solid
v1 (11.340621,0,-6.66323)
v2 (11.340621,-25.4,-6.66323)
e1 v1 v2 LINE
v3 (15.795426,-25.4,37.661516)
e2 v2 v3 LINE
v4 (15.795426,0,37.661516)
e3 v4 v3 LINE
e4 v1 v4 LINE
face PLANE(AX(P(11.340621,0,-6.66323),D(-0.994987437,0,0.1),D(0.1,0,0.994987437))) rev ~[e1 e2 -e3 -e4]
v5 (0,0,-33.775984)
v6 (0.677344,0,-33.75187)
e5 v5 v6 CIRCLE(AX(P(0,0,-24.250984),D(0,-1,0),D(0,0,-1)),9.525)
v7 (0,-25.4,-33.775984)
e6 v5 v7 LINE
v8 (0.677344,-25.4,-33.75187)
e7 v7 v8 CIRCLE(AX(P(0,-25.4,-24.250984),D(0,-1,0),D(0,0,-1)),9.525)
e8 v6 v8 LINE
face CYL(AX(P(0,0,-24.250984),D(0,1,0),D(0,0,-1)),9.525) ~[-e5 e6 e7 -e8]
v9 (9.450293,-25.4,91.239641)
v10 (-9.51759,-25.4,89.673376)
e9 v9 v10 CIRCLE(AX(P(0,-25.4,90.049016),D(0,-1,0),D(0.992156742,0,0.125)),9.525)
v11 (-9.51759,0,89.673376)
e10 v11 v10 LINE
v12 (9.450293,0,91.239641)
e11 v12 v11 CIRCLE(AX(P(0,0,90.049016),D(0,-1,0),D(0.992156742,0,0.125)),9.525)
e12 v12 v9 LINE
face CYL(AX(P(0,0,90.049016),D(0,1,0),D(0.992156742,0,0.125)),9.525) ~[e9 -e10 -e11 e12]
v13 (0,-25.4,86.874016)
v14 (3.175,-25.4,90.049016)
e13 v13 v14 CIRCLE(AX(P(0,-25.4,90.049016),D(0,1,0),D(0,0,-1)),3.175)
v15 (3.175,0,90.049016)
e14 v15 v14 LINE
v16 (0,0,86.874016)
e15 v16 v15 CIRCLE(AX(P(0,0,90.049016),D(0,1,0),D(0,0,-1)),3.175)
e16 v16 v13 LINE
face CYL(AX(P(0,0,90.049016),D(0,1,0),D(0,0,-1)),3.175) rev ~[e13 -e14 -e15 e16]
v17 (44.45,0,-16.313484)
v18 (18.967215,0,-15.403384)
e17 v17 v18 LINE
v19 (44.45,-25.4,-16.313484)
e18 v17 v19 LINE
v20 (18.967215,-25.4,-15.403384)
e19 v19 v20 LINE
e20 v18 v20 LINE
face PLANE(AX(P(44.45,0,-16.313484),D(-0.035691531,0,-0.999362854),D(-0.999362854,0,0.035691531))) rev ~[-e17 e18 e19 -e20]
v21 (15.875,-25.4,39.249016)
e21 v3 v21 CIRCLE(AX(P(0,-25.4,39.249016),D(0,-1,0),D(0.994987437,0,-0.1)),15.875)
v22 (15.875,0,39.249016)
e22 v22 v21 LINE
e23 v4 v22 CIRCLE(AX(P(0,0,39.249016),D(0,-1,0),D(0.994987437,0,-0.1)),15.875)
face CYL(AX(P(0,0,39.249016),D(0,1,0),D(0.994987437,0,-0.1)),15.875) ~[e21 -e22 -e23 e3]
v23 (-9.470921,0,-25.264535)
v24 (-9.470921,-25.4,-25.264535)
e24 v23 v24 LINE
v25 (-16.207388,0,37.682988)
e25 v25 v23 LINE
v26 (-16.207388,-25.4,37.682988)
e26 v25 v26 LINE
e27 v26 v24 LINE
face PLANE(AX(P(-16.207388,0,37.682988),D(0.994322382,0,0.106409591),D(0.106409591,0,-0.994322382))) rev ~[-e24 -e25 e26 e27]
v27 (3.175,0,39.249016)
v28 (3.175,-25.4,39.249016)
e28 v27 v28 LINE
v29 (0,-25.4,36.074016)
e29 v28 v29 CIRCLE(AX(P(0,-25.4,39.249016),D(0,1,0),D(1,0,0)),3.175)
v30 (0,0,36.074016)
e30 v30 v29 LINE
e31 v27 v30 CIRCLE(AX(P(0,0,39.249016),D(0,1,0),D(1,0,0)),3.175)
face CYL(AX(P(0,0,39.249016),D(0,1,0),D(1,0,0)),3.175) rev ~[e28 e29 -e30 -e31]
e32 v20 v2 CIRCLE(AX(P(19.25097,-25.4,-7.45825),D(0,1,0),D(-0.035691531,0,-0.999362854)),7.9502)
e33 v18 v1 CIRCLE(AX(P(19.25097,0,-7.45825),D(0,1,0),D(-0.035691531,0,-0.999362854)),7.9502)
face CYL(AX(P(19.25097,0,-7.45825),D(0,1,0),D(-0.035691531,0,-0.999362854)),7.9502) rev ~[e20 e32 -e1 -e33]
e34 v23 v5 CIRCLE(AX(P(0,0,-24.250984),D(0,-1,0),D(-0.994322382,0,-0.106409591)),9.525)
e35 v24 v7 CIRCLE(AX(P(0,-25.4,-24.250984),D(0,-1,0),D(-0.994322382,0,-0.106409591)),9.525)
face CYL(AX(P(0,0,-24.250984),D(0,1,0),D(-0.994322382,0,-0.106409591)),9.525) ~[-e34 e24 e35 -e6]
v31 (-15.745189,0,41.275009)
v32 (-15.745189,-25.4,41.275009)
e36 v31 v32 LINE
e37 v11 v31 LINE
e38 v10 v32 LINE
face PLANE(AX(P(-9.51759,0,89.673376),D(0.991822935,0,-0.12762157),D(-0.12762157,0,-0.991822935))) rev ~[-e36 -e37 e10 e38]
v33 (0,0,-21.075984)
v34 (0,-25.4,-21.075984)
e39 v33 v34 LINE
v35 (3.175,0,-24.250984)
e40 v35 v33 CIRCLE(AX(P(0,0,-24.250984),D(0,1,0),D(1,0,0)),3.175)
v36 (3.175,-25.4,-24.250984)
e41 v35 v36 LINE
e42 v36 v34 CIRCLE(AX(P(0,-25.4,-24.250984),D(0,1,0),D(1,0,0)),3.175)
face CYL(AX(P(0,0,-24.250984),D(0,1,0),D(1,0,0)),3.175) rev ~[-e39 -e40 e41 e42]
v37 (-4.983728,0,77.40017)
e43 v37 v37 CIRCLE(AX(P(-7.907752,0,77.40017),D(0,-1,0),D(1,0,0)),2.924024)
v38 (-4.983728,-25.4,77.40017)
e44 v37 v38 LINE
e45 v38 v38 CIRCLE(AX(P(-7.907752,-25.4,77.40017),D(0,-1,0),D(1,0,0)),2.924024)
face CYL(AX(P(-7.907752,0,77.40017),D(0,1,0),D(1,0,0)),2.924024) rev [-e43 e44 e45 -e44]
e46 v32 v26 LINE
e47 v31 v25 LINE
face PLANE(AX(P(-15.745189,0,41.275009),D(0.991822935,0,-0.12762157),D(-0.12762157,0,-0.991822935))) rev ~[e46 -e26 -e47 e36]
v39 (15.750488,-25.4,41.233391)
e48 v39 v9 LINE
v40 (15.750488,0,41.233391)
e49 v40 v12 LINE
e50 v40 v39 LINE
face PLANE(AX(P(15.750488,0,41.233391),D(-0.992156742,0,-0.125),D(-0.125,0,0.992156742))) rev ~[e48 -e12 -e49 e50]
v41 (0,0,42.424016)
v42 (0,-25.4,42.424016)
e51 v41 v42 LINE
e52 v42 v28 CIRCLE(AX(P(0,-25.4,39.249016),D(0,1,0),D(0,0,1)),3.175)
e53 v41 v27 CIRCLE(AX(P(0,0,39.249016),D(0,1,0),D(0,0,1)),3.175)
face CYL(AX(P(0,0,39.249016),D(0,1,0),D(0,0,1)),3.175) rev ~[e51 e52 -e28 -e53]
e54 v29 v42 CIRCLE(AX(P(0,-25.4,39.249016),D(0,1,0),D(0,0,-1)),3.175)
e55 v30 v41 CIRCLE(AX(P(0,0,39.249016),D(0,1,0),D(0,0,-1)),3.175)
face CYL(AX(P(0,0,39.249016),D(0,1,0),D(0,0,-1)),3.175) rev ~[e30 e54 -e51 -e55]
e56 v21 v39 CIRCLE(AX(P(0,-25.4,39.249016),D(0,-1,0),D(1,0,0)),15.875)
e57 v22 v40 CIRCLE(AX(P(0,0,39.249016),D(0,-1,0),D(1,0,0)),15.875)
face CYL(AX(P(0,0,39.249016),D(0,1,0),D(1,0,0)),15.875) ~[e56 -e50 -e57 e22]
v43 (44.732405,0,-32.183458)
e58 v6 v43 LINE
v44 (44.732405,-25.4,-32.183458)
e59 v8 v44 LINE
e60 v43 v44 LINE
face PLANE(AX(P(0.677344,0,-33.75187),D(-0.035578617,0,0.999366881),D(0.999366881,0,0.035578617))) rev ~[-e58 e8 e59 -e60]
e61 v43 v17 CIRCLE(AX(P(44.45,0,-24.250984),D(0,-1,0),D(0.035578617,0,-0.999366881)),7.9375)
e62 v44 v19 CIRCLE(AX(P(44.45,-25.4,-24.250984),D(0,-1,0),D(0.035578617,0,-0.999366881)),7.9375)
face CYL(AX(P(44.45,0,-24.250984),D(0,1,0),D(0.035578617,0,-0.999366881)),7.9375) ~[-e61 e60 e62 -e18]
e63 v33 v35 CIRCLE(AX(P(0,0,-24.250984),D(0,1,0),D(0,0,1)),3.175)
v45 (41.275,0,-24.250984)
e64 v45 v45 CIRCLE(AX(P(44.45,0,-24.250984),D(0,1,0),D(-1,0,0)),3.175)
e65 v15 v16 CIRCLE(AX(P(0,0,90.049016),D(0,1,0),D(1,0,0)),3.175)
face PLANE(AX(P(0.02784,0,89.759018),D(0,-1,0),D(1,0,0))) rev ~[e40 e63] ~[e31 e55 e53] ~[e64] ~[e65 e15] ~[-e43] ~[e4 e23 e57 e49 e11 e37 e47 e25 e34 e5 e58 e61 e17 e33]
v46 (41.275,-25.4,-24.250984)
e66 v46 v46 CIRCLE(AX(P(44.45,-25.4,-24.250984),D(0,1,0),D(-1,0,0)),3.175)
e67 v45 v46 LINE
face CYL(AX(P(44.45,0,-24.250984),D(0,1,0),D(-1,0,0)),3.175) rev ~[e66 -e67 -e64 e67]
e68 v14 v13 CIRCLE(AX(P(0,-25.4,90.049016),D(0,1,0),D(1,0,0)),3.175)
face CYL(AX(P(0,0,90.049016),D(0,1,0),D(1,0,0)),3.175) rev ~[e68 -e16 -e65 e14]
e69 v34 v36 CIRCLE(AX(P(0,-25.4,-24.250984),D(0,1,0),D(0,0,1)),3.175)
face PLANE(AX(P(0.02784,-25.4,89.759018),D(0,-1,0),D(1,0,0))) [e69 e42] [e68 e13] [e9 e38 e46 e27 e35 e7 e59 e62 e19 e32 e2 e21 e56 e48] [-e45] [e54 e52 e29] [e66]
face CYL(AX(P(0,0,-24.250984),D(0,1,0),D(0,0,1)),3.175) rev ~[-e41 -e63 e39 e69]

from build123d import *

# Parameters (mm, degrees)
F0_R     = 2.9240242171
F1_DEPTH = 25.4


with BuildPart() as f1:
    # F0 (on Front) → F1 (new body)
    with BuildSketch(Plane.XZ):
        with BuildLine():
            ThreePointArc((-9.5175899986, 89.6733759373), (-6.601047317, 83.1822994355), (0, 80.5240162142))
            ThreePointArc((0, 80.5240162142), (6.7351920908, 83.3138241234), (9.525, 90.0490162142))
            ThreePointArc((9.525, 90.0490162142), (9.5063048942, 90.6454994562), (9.4502929642, 91.2396412142))
            ThreePointArc((9.4502929642, 91.2396412142), (-0.7838551857, 99.5417079319), (-9.5175899986, 89.6733759373))
        make_face()
        with BuildLine():
            ThreePointArc((3.175, 90.0490162142), (2.2450640303, 87.8039521839), (0, 86.8740162142))
            ThreePointArc((0, 86.8740162142), (-2.2450640303, 92.2940802445), (3.175, 90.0490162142))
        make_face(mode=Mode.SUBTRACT)
        with BuildLine():
            ThreePointArc((9.525, 90.0490162142), (6.7351920908, 83.3138241234), (0, 80.5240162142))
            Line((0, 80.5240162142), (0, 55.1240162142))
            ThreePointArc((0, 55.1240162142), (10.5003255158, 51.1552662142), (15.7504882737, 41.2333912142))
            Line((15.7504882737, 41.2333912142), (9.4502929642, 91.2396412142))
            ThreePointArc((9.4502929642, 91.2396412142), (9.5063048942, 90.6454994562), (9.525, 90.0490162142))
        make_face()
        with BuildLine():
            Line((0, 55.1240162142), (0, 80.5240162142))
            ThreePointArc((0, 80.5240162142), (-6.601047317, 83.1822994355), (-9.5175899986, 89.6733759373))
            Line((-9.5175899986, 89.6733759373), (-15.7451890335, 41.2750091314))
            ThreePointArc((-15.7451890335, 41.2750091314), (-10.4845836217, 51.1691307808), (0, 55.1240162142))
        make_face()
        with Locations((-7.9077519476, 77.4001702666)):
            Circle(F0_R, mode=Mode.SUBTRACT)
        with BuildLine():
            ThreePointArc((15.7504882737, 41.2333912142), (10.5003255158, 51.1552662142), (0, 55.1240162142))
            Line((0, 55.1240162142), (0, 42.4240162142))
            ThreePointArc((0, 42.4240162142), (2.2450640303, 41.4940802445), (3.175, 39.2490162142))
            ThreePointArc((3.175, 39.2490162142), (2.2450640303, 37.0039521839), (0, 36.0740162142))
            Line((0, 36.0740162142), (0, 23.3740162142))
            ThreePointArc((0, 23.3740162142), (10.6492737428, 27.4758011159), (15.7954255641, 37.6615162142))
            ThreePointArc((15.7954255641, 37.6615162142), (15.8550939106, 38.4542696601), (15.875, 39.2490162142))
            ThreePointArc((15.875, 39.2490162142), (15.8438414904, 40.2431549508), (15.7504882737, 41.2333912142))
        make_face()
        with BuildLine():
            Line((0, 42.4240162142), (0, 55.1240162142))
            ThreePointArc((0, 55.1240162142), (-10.4845836217, 51.1691307808), (-15.7451890335, 41.2750091314))
            ThreePointArc((-15.7451890335, 41.2750091314), (-11.9201145666, 28.7644325925), (0, 23.3740162142))
            Line((0, 23.3740162142), (0, 36.0740162142))
            ThreePointArc((0, 36.0740162142), (-3.175, 39.2490162142), (0, 42.4240162142))
        make_face()
        with BuildLine():
            ThreePointArc((0, 23.3740162142), (-11.9201145666, 28.7644325925), (-15.7451890335, 41.2750091314))
            Line((-15.7451890335, 41.2750091314), (-16.2073878987, 37.6829875368))
            Line((-16.2073878987, 37.6829875368), (-9.4709206869, -25.2645351372))
            ThreePointArc((-9.4709206869, -25.2645351372), (-7.0844795723, -17.8842126898), (0, -14.7259837858))
            Line((0, -14.7259837858), (0, 23.3740162142))
        make_face()
        with BuildLine():
            ThreePointArc((15.7954255641, 37.6615162142), (10.6492737428, 27.4758011159), (0, 23.3740162142))
            Line((0, 23.3740162142), (0, -14.7259837858))
            ThreePointArc((0, -14.7259837858), (6.7351920908, -17.515791695), (9.525, -24.2509837858))
            Line((9.525, -24.2509837858), (36.5125, -24.2509837858))
            ThreePointArc((36.5125, -24.2509837858), (38.8373399243, -18.6383237101), (44.45, -16.3134837858))
            Line((44.45, -16.3134837858), (18.9672152943, -15.403384332))
            ThreePointArc((18.9672152943, -15.403384332), (13.2606937919, -12.6853206287), (11.3406209777, -6.6632297674))
            Line((11.3406209777, -6.6632297674), (15.7954255641, 37.6615162142))
        make_face()
        with BuildLine():
            Line((0, -21.0759837858), (0, -14.7259837858))
            ThreePointArc((0, -14.7259837858), (-7.0844795723, -17.8842126898), (-9.4709206869, -25.2645351372))
            ThreePointArc((-9.4709206869, -25.2645351372), (-6.366771096, -31.3354633582), (0, -33.7759837858))
            Line((0, -33.7759837858), (0.6773435479, -33.7518695718))
            ThreePointArc((0.6773435479, -33.7518695718), (6.9705567315, -30.7422828741), (9.525, -24.2509837858))
            Line((9.525, -24.2509837858), (3.175, -24.2509837858))
            ThreePointArc((3.175, -24.2509837858), (-2.2450640303, -26.4960478161), (0, -21.0759837858))
        make_face()
        with BuildLine():
            Line((36.5125, -24.2509837858), (9.525, -24.2509837858))
            ThreePointArc((9.525, -24.2509837858), (6.9705567315, -30.7422828741), (0.6773435479, -33.7518695718))
            Line((0.6773435479, -33.7518695718), (44.7324052746, -32.1834584004))
            ThreePointArc((44.7324052746, -32.1834584004), (38.9380895153, -29.9626165697), (36.5125, -24.2509837858))
        make_face()
        with BuildLine():
            Line((0.6773435479, -33.7518695718), (0, -33.7759837858))
            ThreePointArc((0, -33.7759837858), (0.3388863295, -33.7699533233), (0.6773435479, -33.7518695718))
        make_face()
        with BuildLine():
            ThreePointArc((44.45, -16.3134837858), (38.8373399243, -18.6383237101), (36.5125, -24.2509837858))
            ThreePointArc((36.5125, -24.2509837858), (38.9380895153, -29.9626165697), (44.7324052746, -32.1834584004))
            ThreePointArc((44.7324052746, -32.1834584004), (50.1616327839, -29.7628942705), (52.3875, -24.2509837858))
            ThreePointArc((52.3875, -24.2509837858), (50.0626600757, -18.6383237101), (44.45, -16.3134837858))
        make_face()
        with BuildLine():
            ThreePointArc((47.625, -24.2509837858), (44.45, -27.4259837858), (41.275, -24.2509837858))
            ThreePointArc((41.275, -24.2509837858), (44.45, -21.0759837858), (47.625, -24.2509837858))
        make_face(mode=Mode.SUBTRACT)
        with BuildLine():
            ThreePointArc((9.525, -24.2509837858), (6.7351920908, -17.515791695), (0, -14.7259837858))
            Line((0, -14.7259837858), (0, -21.0759837858))
            ThreePointArc((0, -21.0759837858), (2.2450640303, -22.0059197555), (3.175, -24.2509837858))
            Line((3.175, -24.2509837858), (9.525, -24.2509837858))
        make_face()
    extrude(amount=F1_DEPTH)


solid = f1.part
